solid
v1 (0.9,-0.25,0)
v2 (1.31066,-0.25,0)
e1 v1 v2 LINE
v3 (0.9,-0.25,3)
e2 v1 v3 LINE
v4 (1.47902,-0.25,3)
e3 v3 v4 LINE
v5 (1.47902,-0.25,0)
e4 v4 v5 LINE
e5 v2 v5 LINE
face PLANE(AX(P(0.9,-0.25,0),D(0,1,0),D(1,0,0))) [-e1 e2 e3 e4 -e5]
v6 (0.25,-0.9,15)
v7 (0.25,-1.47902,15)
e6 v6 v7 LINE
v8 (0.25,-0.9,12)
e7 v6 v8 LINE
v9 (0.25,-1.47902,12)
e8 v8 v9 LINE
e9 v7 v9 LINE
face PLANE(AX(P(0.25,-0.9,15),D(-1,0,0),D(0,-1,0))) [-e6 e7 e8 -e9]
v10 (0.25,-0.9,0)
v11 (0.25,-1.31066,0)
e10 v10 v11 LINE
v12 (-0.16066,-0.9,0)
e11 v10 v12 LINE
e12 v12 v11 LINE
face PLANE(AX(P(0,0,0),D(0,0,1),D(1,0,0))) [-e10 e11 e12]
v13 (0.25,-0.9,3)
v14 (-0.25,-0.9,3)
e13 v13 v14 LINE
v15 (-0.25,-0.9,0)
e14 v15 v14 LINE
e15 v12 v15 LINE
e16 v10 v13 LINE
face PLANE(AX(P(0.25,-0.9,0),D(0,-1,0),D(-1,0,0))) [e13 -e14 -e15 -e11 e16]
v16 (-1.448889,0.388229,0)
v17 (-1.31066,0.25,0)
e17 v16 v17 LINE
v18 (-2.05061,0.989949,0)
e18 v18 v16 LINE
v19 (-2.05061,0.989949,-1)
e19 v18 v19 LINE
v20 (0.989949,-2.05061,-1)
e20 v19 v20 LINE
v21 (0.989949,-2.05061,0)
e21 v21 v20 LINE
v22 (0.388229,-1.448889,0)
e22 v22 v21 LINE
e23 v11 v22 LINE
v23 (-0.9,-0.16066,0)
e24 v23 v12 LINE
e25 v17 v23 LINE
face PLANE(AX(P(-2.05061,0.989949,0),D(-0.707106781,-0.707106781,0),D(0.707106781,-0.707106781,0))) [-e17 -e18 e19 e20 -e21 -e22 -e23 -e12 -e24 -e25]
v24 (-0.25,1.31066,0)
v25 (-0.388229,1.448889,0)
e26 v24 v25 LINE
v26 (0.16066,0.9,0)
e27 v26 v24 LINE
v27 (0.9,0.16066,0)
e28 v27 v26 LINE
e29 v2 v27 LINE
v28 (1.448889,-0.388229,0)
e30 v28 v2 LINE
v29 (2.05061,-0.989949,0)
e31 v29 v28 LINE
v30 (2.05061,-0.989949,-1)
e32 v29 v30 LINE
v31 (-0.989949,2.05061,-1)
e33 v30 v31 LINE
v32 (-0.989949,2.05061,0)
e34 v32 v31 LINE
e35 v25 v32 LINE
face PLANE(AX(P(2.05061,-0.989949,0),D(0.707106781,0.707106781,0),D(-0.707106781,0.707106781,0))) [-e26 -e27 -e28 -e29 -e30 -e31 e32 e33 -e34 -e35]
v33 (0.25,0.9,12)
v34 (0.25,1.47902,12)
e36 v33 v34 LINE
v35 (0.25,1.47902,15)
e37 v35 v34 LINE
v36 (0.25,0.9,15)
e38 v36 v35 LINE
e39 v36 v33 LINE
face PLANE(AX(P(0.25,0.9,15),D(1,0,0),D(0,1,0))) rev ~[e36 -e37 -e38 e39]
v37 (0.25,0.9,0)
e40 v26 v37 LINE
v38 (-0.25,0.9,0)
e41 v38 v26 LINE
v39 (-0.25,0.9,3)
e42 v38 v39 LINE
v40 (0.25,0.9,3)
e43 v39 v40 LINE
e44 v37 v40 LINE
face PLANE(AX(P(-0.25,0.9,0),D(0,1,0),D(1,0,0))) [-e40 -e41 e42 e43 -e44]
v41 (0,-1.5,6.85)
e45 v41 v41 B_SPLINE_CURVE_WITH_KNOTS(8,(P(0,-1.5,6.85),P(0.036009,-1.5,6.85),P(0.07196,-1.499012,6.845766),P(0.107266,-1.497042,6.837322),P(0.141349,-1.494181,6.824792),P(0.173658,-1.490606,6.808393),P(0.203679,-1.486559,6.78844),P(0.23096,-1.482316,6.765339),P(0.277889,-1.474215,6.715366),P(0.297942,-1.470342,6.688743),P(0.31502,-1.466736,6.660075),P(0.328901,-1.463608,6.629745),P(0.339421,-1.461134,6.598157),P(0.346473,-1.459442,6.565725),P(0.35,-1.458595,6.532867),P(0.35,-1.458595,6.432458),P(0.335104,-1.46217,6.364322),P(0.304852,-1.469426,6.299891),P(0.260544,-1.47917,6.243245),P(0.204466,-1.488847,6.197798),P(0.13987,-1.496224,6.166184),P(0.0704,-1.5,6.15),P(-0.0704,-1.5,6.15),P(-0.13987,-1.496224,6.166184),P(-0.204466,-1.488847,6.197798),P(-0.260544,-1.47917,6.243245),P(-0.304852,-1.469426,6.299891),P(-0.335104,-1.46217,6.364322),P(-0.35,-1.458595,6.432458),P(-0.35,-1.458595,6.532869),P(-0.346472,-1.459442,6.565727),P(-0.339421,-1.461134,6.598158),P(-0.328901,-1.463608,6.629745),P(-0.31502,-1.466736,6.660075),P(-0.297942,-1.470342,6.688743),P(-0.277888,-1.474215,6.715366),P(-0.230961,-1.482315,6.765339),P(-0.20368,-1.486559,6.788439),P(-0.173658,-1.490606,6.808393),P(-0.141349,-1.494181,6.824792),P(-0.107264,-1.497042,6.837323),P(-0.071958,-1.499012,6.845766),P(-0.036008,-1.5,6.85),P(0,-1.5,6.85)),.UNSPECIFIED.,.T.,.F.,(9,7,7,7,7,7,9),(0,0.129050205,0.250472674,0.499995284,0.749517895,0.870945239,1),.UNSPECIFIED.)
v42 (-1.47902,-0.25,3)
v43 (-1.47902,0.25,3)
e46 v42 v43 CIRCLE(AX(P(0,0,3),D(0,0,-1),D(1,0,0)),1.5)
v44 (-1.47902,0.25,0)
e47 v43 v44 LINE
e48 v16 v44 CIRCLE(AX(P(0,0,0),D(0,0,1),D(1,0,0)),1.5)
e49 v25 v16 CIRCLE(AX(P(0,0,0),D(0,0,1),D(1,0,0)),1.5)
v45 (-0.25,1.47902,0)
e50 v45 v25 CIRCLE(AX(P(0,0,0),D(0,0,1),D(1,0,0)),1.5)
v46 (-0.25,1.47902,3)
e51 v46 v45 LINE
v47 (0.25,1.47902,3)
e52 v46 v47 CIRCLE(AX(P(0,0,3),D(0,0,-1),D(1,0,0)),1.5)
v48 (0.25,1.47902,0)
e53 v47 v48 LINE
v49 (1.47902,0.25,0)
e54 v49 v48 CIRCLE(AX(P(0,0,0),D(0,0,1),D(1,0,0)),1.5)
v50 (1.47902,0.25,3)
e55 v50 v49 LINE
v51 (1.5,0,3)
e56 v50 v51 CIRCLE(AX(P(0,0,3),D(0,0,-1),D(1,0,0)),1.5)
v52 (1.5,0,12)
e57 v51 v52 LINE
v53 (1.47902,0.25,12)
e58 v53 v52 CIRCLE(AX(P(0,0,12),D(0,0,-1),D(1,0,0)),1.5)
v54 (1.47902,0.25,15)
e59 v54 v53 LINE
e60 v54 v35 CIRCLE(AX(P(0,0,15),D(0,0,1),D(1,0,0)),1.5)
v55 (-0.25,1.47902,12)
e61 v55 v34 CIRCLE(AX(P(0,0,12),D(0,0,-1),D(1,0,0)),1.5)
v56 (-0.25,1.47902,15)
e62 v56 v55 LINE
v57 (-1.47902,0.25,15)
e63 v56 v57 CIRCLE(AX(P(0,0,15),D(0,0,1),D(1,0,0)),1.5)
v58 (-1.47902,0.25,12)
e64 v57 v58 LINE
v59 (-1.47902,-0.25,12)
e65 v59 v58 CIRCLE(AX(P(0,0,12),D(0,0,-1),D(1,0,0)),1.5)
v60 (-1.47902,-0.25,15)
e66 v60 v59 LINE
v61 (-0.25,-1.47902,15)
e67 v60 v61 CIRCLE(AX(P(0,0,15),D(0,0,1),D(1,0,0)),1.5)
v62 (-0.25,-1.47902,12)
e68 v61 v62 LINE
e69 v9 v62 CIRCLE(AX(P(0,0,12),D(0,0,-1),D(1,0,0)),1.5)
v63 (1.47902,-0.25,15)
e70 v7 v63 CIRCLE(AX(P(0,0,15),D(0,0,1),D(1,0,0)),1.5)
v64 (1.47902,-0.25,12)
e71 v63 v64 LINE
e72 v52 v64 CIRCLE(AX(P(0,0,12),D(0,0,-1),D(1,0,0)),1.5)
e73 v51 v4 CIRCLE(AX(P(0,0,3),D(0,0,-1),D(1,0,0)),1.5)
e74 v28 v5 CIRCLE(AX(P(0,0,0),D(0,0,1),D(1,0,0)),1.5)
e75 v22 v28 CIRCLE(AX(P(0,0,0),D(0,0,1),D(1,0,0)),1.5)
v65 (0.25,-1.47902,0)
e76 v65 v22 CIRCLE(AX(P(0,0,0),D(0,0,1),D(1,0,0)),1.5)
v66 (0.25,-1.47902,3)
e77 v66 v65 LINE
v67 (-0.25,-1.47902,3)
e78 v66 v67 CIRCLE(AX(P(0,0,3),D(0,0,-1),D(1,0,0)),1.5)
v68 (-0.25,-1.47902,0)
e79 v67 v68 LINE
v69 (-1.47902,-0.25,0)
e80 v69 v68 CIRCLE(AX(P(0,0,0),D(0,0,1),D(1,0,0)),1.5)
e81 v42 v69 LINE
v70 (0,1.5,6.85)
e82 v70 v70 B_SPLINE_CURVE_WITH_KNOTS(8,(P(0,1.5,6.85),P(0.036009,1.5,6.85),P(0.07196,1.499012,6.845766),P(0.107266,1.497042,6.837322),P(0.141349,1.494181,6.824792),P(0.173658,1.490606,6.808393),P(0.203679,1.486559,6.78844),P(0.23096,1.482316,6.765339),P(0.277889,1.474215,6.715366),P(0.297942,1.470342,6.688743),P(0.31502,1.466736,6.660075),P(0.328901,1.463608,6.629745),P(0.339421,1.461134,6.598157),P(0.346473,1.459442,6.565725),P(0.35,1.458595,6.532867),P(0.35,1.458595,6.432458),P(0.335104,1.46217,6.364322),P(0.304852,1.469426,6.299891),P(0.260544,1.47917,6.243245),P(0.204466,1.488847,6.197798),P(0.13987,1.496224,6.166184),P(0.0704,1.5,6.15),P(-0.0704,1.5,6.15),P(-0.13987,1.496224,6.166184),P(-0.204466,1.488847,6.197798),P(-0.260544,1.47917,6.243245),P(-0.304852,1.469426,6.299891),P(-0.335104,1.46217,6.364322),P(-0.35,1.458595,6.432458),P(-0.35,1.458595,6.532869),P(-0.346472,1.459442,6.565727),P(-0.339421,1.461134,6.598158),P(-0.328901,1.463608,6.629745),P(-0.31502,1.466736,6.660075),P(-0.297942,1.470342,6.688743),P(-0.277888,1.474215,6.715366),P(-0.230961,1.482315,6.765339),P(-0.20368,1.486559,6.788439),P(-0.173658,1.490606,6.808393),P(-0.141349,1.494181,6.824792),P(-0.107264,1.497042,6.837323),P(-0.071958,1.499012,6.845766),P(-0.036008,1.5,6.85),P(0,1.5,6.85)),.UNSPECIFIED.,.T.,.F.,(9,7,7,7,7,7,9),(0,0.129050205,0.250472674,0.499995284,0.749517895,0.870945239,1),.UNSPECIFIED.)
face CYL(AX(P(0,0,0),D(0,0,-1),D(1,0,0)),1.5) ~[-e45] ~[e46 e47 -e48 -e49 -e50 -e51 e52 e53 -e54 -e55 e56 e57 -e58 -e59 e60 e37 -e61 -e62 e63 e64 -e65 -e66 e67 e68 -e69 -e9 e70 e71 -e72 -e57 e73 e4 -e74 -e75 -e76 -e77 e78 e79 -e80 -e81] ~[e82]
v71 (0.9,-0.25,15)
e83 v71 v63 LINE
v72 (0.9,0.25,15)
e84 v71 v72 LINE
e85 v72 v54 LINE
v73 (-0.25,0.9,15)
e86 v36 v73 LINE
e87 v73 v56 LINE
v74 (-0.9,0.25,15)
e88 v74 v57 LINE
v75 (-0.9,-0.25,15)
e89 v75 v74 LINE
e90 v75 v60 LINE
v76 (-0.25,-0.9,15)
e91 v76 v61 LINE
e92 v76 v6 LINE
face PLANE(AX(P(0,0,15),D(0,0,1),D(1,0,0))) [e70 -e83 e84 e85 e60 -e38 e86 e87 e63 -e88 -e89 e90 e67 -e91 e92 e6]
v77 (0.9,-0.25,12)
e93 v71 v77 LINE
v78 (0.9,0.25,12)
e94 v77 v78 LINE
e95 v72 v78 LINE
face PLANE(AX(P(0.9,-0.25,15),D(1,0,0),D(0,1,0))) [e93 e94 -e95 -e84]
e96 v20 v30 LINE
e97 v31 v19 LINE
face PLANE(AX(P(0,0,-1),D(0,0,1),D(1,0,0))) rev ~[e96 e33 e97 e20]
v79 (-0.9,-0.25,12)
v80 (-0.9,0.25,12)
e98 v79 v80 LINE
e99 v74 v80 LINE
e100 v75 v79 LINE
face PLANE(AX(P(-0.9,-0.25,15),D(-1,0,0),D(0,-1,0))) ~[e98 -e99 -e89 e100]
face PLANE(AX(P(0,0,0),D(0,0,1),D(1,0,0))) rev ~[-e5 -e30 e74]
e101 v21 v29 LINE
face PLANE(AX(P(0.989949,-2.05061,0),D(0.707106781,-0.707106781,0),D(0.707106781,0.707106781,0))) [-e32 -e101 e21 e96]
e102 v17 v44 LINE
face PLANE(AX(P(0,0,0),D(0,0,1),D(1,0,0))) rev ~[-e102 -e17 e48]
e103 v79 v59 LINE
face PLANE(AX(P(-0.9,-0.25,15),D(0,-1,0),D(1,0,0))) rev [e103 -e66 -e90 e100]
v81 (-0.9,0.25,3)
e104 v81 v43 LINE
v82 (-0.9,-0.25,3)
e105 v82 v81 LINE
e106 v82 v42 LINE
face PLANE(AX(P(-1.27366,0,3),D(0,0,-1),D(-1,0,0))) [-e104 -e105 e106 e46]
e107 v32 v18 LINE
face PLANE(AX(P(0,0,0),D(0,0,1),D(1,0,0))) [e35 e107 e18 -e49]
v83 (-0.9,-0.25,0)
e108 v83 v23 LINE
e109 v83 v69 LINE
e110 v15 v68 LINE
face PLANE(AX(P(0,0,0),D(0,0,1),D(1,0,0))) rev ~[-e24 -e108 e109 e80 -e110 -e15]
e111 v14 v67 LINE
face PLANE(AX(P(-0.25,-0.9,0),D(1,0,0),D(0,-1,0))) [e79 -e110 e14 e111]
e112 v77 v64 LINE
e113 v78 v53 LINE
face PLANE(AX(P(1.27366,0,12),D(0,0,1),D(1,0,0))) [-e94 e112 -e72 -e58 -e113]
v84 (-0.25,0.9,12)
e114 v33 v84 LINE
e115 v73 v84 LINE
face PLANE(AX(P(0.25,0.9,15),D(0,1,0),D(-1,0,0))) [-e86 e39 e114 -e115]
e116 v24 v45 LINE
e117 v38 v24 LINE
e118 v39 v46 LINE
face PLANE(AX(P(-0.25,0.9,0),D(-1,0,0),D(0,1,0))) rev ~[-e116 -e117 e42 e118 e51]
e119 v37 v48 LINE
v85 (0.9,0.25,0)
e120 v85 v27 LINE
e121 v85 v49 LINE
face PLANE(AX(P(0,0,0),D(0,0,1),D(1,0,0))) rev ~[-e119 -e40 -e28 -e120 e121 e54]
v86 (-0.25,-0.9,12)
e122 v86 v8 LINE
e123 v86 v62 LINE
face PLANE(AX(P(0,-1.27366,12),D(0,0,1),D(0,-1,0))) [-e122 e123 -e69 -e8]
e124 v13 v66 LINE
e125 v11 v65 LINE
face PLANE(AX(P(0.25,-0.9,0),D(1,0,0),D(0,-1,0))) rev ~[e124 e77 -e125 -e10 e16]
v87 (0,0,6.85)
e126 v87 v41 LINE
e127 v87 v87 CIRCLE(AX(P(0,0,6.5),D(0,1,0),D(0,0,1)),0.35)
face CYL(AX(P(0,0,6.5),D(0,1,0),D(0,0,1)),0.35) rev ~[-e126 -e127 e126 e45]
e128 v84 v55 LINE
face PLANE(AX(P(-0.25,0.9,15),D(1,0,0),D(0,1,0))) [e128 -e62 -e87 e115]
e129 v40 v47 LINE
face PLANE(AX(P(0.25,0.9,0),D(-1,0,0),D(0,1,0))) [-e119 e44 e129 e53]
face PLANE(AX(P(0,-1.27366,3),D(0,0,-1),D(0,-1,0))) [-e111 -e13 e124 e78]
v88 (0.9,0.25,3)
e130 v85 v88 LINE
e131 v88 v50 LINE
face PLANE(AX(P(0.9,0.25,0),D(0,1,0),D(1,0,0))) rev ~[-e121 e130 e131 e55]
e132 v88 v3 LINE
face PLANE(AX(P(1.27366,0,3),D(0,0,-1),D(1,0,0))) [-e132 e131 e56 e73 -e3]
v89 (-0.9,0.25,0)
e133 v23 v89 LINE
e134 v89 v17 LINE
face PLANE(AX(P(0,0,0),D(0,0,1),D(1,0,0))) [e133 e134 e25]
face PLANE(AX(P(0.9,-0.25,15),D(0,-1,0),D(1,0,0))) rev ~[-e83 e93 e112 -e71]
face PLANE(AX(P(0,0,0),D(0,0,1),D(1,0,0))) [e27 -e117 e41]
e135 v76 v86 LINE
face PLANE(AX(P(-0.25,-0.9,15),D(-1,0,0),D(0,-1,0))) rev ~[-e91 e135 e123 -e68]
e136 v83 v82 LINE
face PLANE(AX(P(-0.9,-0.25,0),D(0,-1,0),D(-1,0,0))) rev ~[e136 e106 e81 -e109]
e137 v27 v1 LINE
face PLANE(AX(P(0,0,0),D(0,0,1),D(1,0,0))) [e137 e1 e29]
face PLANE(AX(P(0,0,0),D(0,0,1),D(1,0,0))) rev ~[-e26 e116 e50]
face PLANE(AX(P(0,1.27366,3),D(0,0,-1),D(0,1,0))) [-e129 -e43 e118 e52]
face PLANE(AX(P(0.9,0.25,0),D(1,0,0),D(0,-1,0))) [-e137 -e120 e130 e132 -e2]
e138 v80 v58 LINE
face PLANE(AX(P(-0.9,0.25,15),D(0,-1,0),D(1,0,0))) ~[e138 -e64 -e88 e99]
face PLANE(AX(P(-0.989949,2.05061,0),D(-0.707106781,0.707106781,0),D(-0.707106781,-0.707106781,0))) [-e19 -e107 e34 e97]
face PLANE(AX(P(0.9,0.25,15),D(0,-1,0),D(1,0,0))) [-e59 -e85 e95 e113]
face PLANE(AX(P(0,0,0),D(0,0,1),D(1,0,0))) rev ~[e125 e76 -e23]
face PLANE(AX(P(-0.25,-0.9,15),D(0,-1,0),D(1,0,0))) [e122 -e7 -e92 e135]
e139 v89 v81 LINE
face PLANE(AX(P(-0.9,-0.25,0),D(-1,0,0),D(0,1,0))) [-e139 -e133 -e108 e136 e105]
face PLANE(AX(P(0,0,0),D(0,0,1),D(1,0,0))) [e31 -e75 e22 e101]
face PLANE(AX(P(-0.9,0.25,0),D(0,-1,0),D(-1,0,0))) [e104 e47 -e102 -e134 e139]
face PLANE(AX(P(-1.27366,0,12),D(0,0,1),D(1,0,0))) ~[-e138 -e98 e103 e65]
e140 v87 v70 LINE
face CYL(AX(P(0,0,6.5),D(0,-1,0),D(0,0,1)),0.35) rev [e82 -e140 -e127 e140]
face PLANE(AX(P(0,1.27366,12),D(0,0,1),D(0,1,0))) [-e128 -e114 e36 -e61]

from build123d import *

# Parameters (mm, degrees)
SKETCH1_R                           = 1.5
BOSS_EXTRUDE1_DEPTH                 = 15
SKETCH2_W                           = 0.747320827
SKETCH2_H                           = 0.5
CUT_EXTRUDE1_DEPTH                  = 3
CIRPATTERN1_COUNT                   = 4
MIRROR1_COPY_1_SKETCH_W             = 0.747320827
MIRROR1_COPY_1_SKETCH_H             = 0.5
MIRROR1_COPY_1_DEPTH                = 3
MIRROR1_COPY_2_SKETCH_W             = 0.747320827
MIRROR1_COPY_2_SKETCH_H             = 0.5
MIRROR1_COPY_2_DEPTH                = 3
MIRROR1_COPY_3_SKETCH_W             = 0.747320827
MIRROR1_COPY_3_SKETCH_H             = 0.5
MIRROR1_COPY_3_DEPTH                = 3
BOSS_EXTRUDE5_DEPTH                 = 1
CUT_EXTRUDE2_REACH                  = 17.278
CUT_EXTRUDE2_END_RADIUS             = 1.5
SKETCH7_R                           = 0.35
CUT_EXTRUDE2_DIRECTION_2_REACH      = 17.278
CUT_EXTRUDE2_DIRECTION_2_END_RADIUS = 1.5


with BuildPart() as part:
    # Sketch1 → Boss-Extrude1 (new body)
    with BuildSketch(Plane.XY):
        Circle(SKETCH1_R)
    extrude(amount=BOSS_EXTRUDE1_DEPTH)

    # Sketch2 → Cut-Extrude1 (cut)
    with BuildSketch(Plane(origin=(0, 0, 0), x_dir=(-1, 0, 0), z_dir=(0, 0, -1))):
        with Locations((1.273660414, 0)):
            Rectangle(SKETCH2_W, SKETCH2_H)
    cut_extrude1 = extrude(amount=-CUT_EXTRUDE1_DEPTH, mode=Mode.SUBTRACT)

    # CirPattern1: Cut-Extrude1 ×4 about axis
    cirpattern1_axis = Axis((0, 0, 0), (0, 0, 1))
    for i in range(1, CIRPATTERN1_COUNT):
        add(cut_extrude1.rotate(cirpattern1_axis, i * 360 / CIRPATTERN1_COUNT), mode=Mode.SUBTRACT)

    # Mirror1: Cut-Extrude1 across plane
    add(cut_extrude1.mirror(Plane(origin=(0, 0, 7.5), x_dir=(1, 0, 0), z_dir=(0, 0, -1))), mode=Mode.SUBTRACT)

    # Mirror1 copy 1 sketch → Mirror1 copy 1 (cut)
    with BuildSketch(Plane(origin=(0, 0, 15), x_dir=(0, -1, 0), z_dir=(0, 0, 1))):
        with Locations((1.273660414, 0)):
            Rectangle(MIRROR1_COPY_1_SKETCH_W, MIRROR1_COPY_1_SKETCH_H)
    extrude(amount=-MIRROR1_COPY_1_DEPTH, mode=Mode.SUBTRACT)

    # Mirror1 copy 2 sketch → Mirror1 copy 2 (cut)
    with BuildSketch(Plane.XY.offset(15)):
        with Locations((1.273660414, 0)):
            Rectangle(MIRROR1_COPY_2_SKETCH_W, MIRROR1_COPY_2_SKETCH_H)
    extrude(amount=-MIRROR1_COPY_2_DEPTH, mode=Mode.SUBTRACT)

    # Mirror1 copy 3 sketch → Mirror1 copy 3 (cut)
    with BuildSketch(Plane(origin=(0, 0, 15), x_dir=(0, 1, 0), z_dir=(0, 0, 1))):
        with Locations((1.273660414, 0)):
            Rectangle(MIRROR1_COPY_3_SKETCH_W, MIRROR1_COPY_3_SKETCH_H)
    extrude(amount=-MIRROR1_COPY_3_DEPTH, mode=Mode.SUBTRACT)

    # Sketch6 → Boss-Extrude5 (add)
    with BuildSketch(Plane(origin=(0, 0, 0), x_dir=(-1, 0, 0), z_dir=(0, 0, -1))):
        Polygon((-0.989949494, -2.050609665), (-2.050609665, -0.989949494), (0.989949494, 2.050609665), (2.050609665, 0.989949494), align=None)
    extrude(amount=BOSS_EXTRUDE5_DEPTH)

    # Cut-Extrude2: up to this cylinder (the profile starts inside it)
    cut_extrude2_end = Plane(origin=(0, 0, 6.5), z_dir=(0, 0, -1)) * Cylinder(CUT_EXTRUDE2_END_RADIUS, 38.556, mode=Mode.PRIVATE)
    # Sketch7 → Cut-Extrude2 (cut, up to the surface)
    with BuildSketch(Plane(origin=(0, 0, 0), x_dir=(1, 0, 0), z_dir=(0, 1, 0)), mode=Mode.PRIVATE) as cut_extrude2_sk1:
        with Locations(Location((0, -6.5, 0), (0, 0, 270))):
            Circle(SKETCH7_R)
    cut_extrude2_tool1 = extrude(cut_extrude2_sk1.sketch, amount=-CUT_EXTRUDE2_REACH, mode=Mode.PRIVATE) & cut_extrude2_end
    add(cut_extrude2_tool1.solids().sort_by_distance((0, 0, 6.5))[0], mode=Mode.SUBTRACT)

    # Cut-Extrude2 direction 2: up to this cylinder (the profile starts inside it)
    cut_extrude2_direction_2_end = Plane(origin=(0, 0, 6.5), z_dir=(0, 0, -1)) * Cylinder(CUT_EXTRUDE2_DIRECTION_2_END_RADIUS, 38.556, mode=Mode.PRIVATE)
    # Sketch7 → Cut-Extrude2 direction 2 (cut, up to the surface)
    with BuildSketch(Plane(origin=(0, 0, 0), x_dir=(1, 0, 0), z_dir=(0, 1, 0)), mode=Mode.PRIVATE) as cut_extrude2_direction_2_sk1:
        with Locations(Location((0, -6.5, 0), (0, 0, 270))):
            Circle(SKETCH7_R)
    cut_extrude2_direction_2_tool1 = extrude(cut_extrude2_direction_2_sk1.sketch, amount=CUT_EXTRUDE2_DIRECTION_2_REACH, mode=Mode.PRIVATE) & cut_extrude2_direction_2_end
    add(cut_extrude2_direction_2_tool1.solids().sort_by_distance((0, 0, 6.5))[0], mode=Mode.SUBTRACT)


solid = part.part
